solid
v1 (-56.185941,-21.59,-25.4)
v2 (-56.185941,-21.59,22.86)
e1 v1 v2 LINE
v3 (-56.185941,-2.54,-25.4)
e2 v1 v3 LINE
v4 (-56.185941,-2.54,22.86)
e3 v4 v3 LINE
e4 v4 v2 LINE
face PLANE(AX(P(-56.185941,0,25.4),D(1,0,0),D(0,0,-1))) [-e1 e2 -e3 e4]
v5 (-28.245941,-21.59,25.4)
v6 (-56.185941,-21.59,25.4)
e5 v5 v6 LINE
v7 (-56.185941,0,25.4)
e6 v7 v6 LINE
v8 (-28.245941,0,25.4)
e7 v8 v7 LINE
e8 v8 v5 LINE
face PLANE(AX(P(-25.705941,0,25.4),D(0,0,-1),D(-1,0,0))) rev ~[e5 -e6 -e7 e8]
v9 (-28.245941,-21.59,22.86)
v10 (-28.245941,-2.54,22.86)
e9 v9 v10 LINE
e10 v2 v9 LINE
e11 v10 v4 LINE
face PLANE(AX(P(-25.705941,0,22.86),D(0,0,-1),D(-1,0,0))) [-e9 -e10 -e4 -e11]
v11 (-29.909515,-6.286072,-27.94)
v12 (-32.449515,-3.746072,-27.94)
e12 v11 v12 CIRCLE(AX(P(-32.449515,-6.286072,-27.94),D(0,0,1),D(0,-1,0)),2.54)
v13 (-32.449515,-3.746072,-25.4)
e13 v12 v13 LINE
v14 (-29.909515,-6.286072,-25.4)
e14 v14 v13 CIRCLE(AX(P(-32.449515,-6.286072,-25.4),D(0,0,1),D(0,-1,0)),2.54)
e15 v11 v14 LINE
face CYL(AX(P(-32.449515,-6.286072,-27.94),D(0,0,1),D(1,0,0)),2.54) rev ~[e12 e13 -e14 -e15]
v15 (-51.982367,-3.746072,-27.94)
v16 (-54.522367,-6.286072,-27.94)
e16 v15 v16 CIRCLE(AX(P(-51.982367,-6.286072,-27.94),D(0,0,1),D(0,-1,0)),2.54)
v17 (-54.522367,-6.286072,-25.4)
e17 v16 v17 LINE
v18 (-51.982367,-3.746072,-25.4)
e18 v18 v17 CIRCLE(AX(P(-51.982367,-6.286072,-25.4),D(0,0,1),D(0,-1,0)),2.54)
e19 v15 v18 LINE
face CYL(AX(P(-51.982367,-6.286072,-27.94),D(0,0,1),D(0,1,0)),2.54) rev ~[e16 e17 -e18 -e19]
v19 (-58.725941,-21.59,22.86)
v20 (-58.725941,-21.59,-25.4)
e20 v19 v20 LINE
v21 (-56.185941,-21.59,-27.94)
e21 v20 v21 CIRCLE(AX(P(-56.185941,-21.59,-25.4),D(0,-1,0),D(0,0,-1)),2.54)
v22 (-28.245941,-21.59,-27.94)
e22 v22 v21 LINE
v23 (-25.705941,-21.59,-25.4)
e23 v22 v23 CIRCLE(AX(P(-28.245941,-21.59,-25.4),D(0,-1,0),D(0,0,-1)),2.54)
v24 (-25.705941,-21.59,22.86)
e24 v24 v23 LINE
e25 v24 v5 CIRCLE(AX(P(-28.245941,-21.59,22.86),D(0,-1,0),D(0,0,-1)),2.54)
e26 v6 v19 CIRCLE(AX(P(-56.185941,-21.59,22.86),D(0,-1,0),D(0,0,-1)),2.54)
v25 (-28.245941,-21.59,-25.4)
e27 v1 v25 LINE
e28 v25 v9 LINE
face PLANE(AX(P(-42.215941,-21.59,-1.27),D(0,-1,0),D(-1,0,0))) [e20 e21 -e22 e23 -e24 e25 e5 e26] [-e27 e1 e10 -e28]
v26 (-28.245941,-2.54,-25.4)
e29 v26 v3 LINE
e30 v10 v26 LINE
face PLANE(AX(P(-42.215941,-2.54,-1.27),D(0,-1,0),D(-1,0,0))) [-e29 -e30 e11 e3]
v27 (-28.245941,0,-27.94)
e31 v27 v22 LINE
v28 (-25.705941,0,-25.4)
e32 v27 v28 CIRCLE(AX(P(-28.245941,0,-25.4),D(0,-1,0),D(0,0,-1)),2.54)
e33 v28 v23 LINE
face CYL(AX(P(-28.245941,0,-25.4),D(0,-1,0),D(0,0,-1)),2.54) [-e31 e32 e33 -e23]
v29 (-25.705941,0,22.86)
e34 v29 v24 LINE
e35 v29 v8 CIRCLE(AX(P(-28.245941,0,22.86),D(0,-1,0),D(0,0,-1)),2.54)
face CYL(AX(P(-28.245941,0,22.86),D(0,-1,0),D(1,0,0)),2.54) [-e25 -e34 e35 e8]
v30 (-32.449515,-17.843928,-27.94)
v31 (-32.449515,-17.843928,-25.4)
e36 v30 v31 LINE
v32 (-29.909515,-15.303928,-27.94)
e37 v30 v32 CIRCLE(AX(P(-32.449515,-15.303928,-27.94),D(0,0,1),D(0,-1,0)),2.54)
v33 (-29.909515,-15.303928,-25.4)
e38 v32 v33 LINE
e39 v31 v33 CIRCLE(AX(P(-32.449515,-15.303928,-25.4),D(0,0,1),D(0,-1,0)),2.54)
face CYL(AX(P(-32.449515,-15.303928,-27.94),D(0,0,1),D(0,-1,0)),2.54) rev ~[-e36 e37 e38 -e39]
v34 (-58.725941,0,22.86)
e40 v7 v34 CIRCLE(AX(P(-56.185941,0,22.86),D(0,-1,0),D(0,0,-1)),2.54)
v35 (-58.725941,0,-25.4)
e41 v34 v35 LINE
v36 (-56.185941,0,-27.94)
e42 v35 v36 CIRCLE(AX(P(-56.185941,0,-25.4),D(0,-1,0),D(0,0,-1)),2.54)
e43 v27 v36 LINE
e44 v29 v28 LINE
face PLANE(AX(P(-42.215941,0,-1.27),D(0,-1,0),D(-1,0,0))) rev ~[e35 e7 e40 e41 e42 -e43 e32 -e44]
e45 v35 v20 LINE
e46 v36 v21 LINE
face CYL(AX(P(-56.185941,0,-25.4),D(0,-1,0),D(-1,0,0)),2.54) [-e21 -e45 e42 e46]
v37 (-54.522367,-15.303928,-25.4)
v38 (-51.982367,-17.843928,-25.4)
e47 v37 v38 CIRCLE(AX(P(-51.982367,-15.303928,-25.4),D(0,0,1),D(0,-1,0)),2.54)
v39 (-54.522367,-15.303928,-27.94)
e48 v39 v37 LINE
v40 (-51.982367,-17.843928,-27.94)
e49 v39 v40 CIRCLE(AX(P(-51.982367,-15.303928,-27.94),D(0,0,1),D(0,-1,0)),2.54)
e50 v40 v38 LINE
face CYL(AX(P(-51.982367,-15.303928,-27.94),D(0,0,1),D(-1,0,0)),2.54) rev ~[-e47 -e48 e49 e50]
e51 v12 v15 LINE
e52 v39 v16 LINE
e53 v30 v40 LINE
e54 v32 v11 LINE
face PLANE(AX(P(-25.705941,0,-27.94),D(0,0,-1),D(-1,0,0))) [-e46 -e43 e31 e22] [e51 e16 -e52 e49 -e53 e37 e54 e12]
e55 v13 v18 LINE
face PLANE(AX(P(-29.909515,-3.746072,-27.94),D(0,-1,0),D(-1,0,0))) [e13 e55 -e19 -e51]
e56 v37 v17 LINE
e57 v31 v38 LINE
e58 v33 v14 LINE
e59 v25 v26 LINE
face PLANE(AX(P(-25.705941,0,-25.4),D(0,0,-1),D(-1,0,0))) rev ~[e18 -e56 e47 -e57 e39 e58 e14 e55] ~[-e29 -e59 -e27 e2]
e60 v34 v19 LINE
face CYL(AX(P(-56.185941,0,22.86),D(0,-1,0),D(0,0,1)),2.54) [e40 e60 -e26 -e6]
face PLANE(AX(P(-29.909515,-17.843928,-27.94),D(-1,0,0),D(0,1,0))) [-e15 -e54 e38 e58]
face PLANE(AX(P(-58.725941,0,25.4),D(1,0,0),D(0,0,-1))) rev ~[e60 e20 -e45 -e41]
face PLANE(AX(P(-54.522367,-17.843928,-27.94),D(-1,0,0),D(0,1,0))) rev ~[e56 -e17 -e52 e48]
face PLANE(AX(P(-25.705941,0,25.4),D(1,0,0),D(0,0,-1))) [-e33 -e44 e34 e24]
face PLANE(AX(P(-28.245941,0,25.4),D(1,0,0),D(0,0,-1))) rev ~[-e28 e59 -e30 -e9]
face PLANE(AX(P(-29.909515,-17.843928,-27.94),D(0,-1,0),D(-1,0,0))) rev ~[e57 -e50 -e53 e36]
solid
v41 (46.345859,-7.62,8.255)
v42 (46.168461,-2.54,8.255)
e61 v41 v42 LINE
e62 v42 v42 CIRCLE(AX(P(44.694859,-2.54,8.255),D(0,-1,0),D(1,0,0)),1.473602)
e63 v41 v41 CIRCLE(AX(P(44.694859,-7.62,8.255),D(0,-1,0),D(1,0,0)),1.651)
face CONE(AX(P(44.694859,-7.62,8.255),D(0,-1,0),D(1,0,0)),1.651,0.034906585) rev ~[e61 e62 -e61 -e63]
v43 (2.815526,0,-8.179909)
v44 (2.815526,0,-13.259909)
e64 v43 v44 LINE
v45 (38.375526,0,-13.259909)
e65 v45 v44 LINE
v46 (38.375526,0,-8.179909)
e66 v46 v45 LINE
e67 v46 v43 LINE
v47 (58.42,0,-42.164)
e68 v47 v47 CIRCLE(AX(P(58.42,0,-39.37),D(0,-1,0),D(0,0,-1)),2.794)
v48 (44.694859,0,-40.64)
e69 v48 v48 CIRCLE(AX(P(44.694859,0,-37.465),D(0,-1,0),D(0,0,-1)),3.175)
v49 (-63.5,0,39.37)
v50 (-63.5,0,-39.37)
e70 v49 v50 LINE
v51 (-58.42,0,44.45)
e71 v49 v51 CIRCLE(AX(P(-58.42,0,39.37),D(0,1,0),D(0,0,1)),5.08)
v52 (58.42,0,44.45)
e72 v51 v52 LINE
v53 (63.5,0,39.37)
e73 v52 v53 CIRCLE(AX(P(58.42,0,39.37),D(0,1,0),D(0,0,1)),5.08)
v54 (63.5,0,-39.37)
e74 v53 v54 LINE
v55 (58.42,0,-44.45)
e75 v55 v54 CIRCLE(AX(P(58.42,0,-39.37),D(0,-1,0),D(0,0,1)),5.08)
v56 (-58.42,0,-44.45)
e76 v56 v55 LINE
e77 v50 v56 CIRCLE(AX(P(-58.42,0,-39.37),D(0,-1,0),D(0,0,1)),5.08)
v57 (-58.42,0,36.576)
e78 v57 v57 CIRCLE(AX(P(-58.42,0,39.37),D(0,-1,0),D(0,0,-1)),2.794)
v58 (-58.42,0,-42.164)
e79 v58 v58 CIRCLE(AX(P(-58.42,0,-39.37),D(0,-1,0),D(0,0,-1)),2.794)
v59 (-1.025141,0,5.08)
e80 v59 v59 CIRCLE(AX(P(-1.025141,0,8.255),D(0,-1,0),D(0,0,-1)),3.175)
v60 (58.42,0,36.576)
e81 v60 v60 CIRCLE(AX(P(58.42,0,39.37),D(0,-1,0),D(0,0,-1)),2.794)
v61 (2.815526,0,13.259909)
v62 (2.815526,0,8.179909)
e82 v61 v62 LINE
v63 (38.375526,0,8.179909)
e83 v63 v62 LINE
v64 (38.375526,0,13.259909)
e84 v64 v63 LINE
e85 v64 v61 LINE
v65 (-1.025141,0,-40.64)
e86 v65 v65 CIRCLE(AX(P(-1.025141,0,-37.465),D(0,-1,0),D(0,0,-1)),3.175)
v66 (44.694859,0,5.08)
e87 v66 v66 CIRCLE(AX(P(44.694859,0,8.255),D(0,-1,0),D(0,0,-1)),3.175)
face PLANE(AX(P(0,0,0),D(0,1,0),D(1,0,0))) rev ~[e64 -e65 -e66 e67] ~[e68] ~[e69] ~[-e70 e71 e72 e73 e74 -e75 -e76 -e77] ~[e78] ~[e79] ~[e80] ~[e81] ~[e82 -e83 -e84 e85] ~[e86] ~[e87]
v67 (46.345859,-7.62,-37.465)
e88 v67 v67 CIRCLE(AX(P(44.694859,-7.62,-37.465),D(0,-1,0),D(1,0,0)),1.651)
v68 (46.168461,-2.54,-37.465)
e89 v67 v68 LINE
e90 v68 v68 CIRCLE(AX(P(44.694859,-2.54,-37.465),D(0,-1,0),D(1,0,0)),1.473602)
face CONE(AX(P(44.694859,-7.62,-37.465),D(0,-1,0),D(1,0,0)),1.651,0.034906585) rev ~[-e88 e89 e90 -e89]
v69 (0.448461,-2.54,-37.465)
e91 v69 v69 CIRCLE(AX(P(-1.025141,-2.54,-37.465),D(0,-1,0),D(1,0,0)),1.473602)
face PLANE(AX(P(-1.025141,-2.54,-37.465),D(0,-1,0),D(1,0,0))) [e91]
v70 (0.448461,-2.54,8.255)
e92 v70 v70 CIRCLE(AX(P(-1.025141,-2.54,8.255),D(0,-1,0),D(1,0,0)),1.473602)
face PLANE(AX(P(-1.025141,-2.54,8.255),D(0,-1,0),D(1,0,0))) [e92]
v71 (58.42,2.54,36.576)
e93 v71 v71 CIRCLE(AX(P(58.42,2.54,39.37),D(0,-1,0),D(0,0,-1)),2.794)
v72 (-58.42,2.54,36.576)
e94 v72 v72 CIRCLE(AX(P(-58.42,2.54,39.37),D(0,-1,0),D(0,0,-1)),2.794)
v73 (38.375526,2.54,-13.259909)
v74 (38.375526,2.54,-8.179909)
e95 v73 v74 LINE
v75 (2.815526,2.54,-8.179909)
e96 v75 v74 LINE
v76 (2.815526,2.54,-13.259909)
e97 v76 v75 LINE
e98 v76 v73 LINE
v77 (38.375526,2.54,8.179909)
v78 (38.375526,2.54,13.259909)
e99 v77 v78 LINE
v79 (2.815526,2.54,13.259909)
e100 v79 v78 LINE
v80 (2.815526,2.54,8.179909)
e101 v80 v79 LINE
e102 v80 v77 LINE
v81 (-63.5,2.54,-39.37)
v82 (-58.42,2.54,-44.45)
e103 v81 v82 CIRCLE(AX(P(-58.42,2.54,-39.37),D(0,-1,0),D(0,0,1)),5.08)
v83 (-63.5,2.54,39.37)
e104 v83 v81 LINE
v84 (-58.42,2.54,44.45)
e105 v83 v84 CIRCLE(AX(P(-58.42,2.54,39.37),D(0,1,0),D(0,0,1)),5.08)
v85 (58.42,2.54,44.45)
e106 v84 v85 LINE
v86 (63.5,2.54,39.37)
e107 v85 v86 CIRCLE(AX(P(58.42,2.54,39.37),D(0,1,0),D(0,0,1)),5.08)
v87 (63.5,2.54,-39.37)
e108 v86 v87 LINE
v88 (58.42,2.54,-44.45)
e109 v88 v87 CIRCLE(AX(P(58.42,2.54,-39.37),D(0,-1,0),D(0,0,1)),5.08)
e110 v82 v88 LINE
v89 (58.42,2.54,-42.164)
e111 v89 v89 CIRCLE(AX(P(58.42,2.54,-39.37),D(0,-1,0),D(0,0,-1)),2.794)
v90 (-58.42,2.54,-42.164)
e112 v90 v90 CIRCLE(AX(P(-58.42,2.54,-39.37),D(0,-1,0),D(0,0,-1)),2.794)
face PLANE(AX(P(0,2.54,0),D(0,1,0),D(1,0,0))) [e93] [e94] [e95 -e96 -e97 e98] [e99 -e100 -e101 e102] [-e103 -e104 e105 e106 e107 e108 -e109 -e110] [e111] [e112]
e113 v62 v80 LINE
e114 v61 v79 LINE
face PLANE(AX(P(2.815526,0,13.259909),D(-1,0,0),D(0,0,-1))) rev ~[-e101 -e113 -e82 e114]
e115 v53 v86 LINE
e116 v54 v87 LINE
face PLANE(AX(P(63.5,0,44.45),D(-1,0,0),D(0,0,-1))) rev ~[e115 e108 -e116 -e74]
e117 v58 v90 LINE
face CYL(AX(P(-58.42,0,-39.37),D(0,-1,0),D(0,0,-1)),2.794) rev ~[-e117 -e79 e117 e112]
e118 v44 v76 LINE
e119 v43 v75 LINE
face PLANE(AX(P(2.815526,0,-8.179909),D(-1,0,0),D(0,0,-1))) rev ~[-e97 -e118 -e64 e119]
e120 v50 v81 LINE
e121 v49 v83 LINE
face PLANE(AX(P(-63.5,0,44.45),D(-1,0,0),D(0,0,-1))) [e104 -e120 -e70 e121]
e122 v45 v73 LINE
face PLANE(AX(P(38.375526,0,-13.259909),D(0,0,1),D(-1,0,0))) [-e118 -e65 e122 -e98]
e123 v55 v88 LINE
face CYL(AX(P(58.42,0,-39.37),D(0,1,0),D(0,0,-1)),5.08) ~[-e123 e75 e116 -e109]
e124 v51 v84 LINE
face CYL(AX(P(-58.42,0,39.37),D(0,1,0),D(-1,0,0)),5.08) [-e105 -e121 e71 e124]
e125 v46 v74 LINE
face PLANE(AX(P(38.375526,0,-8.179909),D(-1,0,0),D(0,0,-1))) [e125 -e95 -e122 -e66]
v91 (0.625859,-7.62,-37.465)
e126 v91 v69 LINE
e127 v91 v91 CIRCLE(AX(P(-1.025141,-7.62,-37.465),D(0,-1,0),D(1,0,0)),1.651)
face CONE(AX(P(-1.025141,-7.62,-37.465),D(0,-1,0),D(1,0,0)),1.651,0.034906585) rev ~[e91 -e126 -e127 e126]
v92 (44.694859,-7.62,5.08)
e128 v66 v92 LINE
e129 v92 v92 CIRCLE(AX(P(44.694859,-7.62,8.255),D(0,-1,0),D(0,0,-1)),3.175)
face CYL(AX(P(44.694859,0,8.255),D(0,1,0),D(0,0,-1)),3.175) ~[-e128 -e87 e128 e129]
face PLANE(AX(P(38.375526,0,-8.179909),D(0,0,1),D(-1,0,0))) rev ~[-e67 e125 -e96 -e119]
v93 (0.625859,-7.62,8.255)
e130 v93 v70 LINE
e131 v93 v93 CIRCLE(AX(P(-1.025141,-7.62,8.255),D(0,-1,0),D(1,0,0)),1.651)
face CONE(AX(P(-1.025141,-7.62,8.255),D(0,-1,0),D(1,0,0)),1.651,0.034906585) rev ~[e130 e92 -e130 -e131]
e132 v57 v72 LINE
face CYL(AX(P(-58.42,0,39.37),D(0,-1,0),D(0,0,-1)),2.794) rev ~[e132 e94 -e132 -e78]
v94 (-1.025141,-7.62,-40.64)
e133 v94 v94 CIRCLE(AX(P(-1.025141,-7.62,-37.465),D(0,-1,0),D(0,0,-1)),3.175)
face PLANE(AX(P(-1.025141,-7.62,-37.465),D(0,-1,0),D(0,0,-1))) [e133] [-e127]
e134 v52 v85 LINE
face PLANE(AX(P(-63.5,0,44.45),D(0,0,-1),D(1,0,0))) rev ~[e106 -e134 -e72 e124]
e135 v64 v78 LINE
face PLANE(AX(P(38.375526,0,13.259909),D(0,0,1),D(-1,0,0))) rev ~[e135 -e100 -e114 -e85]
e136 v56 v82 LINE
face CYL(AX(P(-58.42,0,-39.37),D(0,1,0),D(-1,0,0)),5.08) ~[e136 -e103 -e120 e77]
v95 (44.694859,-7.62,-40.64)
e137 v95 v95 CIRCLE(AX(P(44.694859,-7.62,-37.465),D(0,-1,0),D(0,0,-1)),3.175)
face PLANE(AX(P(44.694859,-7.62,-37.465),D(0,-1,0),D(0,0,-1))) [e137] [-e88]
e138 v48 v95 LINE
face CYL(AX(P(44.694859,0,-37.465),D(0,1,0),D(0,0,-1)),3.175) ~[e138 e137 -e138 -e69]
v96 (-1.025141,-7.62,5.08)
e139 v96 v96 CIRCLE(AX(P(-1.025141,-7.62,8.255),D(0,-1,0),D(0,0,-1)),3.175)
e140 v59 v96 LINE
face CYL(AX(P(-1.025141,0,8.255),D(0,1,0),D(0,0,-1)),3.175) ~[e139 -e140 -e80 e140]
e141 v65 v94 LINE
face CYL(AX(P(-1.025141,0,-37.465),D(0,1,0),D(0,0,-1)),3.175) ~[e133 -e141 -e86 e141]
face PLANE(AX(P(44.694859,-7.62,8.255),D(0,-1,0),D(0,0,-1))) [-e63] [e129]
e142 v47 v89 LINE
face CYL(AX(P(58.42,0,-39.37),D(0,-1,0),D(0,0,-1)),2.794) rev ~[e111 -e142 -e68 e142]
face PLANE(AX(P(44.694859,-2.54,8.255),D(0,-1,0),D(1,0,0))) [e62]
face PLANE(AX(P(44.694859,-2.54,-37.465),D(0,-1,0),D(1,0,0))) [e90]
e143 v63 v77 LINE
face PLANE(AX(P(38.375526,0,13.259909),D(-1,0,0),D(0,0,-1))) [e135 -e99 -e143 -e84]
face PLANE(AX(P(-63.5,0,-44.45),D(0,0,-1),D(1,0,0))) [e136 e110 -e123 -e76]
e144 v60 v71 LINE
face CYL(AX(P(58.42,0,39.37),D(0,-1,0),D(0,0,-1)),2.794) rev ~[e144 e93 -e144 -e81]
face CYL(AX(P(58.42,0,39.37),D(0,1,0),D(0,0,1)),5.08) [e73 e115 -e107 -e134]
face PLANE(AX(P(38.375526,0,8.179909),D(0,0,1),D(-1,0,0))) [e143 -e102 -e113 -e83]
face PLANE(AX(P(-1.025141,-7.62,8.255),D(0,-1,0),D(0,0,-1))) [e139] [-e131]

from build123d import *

# Parameters (mm, degrees)
SKETCH1_W                    = 127
SKETCH1_H                    = 88.9
BOSS_EXTRUDE2_DEPTH          = 2.54
SKETCH2_R                    = 2.794
CUT_EXTRUDE1_DEPTH           = 5.08
SKETCH9_W                    = 35.56
SKETCH9_H                    = 5.08
CUT_EXTRUDE5_DEPTH           = 6.35
SKETCH8_W                    = 33.02
SKETCH8_H                    = 53.34
BOSS_EXTRUDE4_DEPTH          = 21.59
SHELL4_T                     = -2.54
SKETCH13_W                   = 24.612851837
SKETCH13_H                   = 14.097856124
CUT_EXTRUDE6_DEPTH           = 5.08
FILLET5_R                    = 2.54
FILLET6_R                    = 2.54
FILLET7_R                    = 2.54
FILLET8_R                    = 2.54
FILLET1_R                    = 5.08
FILLET2_R                    = 5.08
FILLET3_R                    = 5.08
FILLET4_R                    = 5.08
FILLET9_R                    = 2.54
FILLET10_R                   = 2.54
FILLET11_R                   = 2.54
FILLET12_R                   = 2.54
SKETCH17_R                   = 3.175
BOSS_EXTRUDE5_DEPTH          = 7.62
SKETCH18_R                   = 1.651
CUT_EXTRUDE7_DEPTH           = 5.08
CUT_EXTRUDE7_DRAFT           = -2
CUT_EXTRUDE7_PROFILE_2_DEPTH = 5.08
CUT_EXTRUDE7_PROFILE_2_DRAFT = -2
CUT_EXTRUDE7_PROFILE_3_DEPTH = 5.08
CUT_EXTRUDE7_PROFILE_3_DRAFT = -2
CUT_EXTRUDE7_PROFILE_4_DEPTH = 5.08
CUT_EXTRUDE7_PROFILE_4_DRAFT = -2


with BuildPart() as part:
    # Sketch1 → Boss-Extrude2 (new body)
    with BuildSketch(Plane(origin=(0, 0, 0), x_dir=(1, 0, 0), z_dir=(0, 1, 0))):
        Rectangle(SKETCH1_W, SKETCH1_H)
    extrude(amount=BOSS_EXTRUDE2_DEPTH)

    # Sketch2 → Cut-Extrude1 (cut)
    with BuildSketch(Plane(origin=(0, 0, 0), x_dir=(-1, 0, 0), z_dir=(0, -1, 0))):
        with Locations(Location((58.42, 39.37, 0), (0, 0, 90))):
            Circle(SKETCH2_R)
        with Locations(Location((58.42, -39.37, 0), (0, 0, 90))):
            Circle(SKETCH2_R)
        with Locations(Location((-58.42, -39.37, 0), (0, 0, 90))):
            Circle(SKETCH2_R)
        with Locations(Location((-58.42, 39.37, 0), (0, 0, 90))):
            Circle(SKETCH2_R)
    extrude(amount=-CUT_EXTRUDE1_DEPTH, mode=Mode.SUBTRACT)

    # Sketch9 → Cut-Extrude5 (cut)
    with BuildSketch(Plane(origin=(0, 0, 0), x_dir=(-1, 0, 0), z_dir=(0, -1, 0))):
        with Locations((-20.595526461, -10.719909337)):
            Rectangle(SKETCH9_W, SKETCH9_H)
        with Locations((-20.595526461, 10.719909337)):
            Rectangle(SKETCH9_W, SKETCH9_H)
    extrude(amount=-CUT_EXTRUDE5_DEPTH, mode=Mode.SUBTRACT)

    # Fillet1
    fillet1_edges = [part.edges().sort_by_distance(p)[0] for p in [
        (63.5, 1.27, 44.45),
    ]]
    fillet(fillet1_edges, radius=FILLET1_R)

    # Fillet2
    fillet2_edges = [part.edges().sort_by_distance(p)[0] for p in [
        (-63.5, 1.27, -44.45),
    ]]
    fillet(fillet2_edges, radius=FILLET2_R)

    # Fillet3
    fillet3_edges = [part.edges().sort_by_distance(p)[0] for p in [
        (-63.5, 1.27, 44.45),
    ]]
    fillet(fillet3_edges, radius=FILLET3_R)

    # Fillet4
    fillet4_edges = [part.edges().sort_by_distance(p)[0] for p in [
        (63.5, 1.27, -44.45),
    ]]
    fillet(fillet4_edges, radius=FILLET4_R)

    # Sketch17 → Boss-Extrude5 (add)
    with BuildSketch(Plane(origin=(0, 0, 0), x_dir=(-1, 0, 0), z_dir=(0, -1, 0))):
        with Locations(Location((1.025141255, -8.255, 0), (0, 0, 90))):
            Circle(SKETCH17_R)
        with Locations(Location((1.025141255, 37.465, 0), (0, 0, 90))):
            Circle(SKETCH17_R)
        with Locations(Location((-44.694858745, 37.465, 0), (0, 0, 90))):
            Circle(SKETCH17_R)
        with Locations(Location((-44.694858745, -8.255, 0), (0, 0, 90))):
            Circle(SKETCH17_R)
    extrude(amount=BOSS_EXTRUDE5_DEPTH)


with BuildPart() as body_2:
    # Sketch8 → Boss-Extrude4 (new body)
    with BuildSketch(Plane(origin=(0, 0, 0), x_dir=(-1, 0, 0), z_dir=(0, -1, 0))):
        with Locations((42.215940653, 1.27)):
            Rectangle(SKETCH8_W, SKETCH8_H)
    extrude(amount=BOSS_EXTRUDE4_DEPTH)

    # Shell4
    shell4_openings = [body_2.faces().sort_by_distance(p)[0] for p in [
        (-42.215940653, -21.59, -1.27),
    ]]
    offset(amount=SHELL4_T, openings=shell4_openings, kind=Kind.INTERSECTION)

    # Sketch13 → Cut-Extrude6 (cut)
    with BuildSketch(Plane(origin=(0, 0, -27.94), x_dir=(-1, 0, 0), z_dir=(0, 0, -1))):
        with Locations((42.215940653, -10.795)):
            Rectangle(SKETCH13_W, SKETCH13_H)
    extrude(amount=-CUT_EXTRUDE6_DEPTH, mode=Mode.SUBTRACT)

    # Fillet5
    fillet5_edges = [body_2.edges().sort_by_distance(p)[0] for p in [
        (-29.909514734, -17.843928062, -26.67),
    ]]
    fillet(fillet5_edges, radius=FILLET5_R)

    # Fillet6
    fillet6_edges = [body_2.edges().sort_by_distance(p)[0] for p in [
        (-29.909514734, -3.746071938, -26.67),
    ]]
    fillet(fillet6_edges, radius=FILLET6_R)

    # Fillet7
    fillet7_edges = [body_2.edges().sort_by_distance(p)[0] for p in [
        (-54.522366571, -3.746071938, -26.67),
    ]]
    fillet(fillet7_edges, radius=FILLET7_R)

    # Fillet8
    fillet8_edges = [body_2.edges().sort_by_distance(p)[0] for p in [
        (-54.522366571, -17.843928062, -26.67),
    ]]
    fillet(fillet8_edges, radius=FILLET8_R)

    # Fillet9
    fillet9_edges = [body_2.edges().sort_by_distance(p)[0] for p in [
        (-25.705940653, -10.795, -27.94),
    ]]
    fillet(fillet9_edges, radius=FILLET9_R)

    # Fillet10
    fillet10_edges = [body_2.edges().sort_by_distance(p)[0] for p in [
        (-25.705940653, -10.795, 25.4),
    ]]
    fillet(fillet10_edges, radius=FILLET10_R)

    # Fillet11
    fillet11_edges = [body_2.edges().sort_by_distance(p)[0] for p in [
        (-58.725940653, -10.795, 25.4),
    ]]
    fillet(fillet11_edges, radius=FILLET11_R)

    # Fillet12
    fillet12_edges = [body_2.edges().sort_by_distance(p)[0] for p in [
        (-58.725940653, -10.795, -27.94),
    ]]
    fillet(fillet12_edges, radius=FILLET12_R)


with BuildPart() as cut_extrude7_tool:
    # Sketch18 → Cut-Extrude7 (with draft: the straight prism first)
    with BuildSketch(Plane.XZ.offset(7.62)):
        with Locations((44.694858745, 8.255)):
            Circle(SKETCH18_R)
    extrude(amount=-CUT_EXTRUDE7_DEPTH)
    # Cut-Extrude7: the draft: its side faces are tilted about the plane it starts from
    cut_extrude7_sides = [cut_extrude7_tool.faces().sort_by_distance(p)[0] for p in [
        (43.043858745, -5.08, 8.255),
    ]]
    draft(cut_extrude7_sides, Plane.XZ.offset(7.62), CUT_EXTRUDE7_DRAFT)


with BuildPart() as part_1:
    add(part.part)

    # Cut-Extrude7: cut by cut_extrude7_tool
    add(cut_extrude7_tool.part, mode=Mode.SUBTRACT)


with BuildPart() as cut_extrude7_profile_2_tool:
    # Sketch18 → Cut-Extrude7 profile 2 (with draft: the straight prism first)
    with BuildSketch(Plane.XZ.offset(7.62)):
        with Locations((44.694858745, -37.465)):
            Circle(SKETCH18_R)
    extrude(amount=-CUT_EXTRUDE7_PROFILE_2_DEPTH)
    # Cut-Extrude7 profile 2: the draft: its side faces are tilted about the plane it starts from
    cut_extrude7_profile_2_sides = [cut_extrude7_profile_2_tool.faces().sort_by_distance(p)[0] for p in [
        (43.043858745, -5.08, -37.465),
    ]]
    draft(cut_extrude7_profile_2_sides, Plane.XZ.offset(7.62), CUT_EXTRUDE7_PROFILE_2_DRAFT)


with BuildPart() as part_2:
    add(part_1.part)

    # Cut-Extrude7 profile 2: cut by cut_extrude7_profile_2_tool
    add(cut_extrude7_profile_2_tool.part, mode=Mode.SUBTRACT)


with BuildPart() as cut_extrude7_profile_3_tool:
    # Sketch18 → Cut-Extrude7 profile 3 (with draft: the straight prism first)
    with BuildSketch(Plane.XZ.offset(7.62)):
        with Locations((-1.025141255, -37.465)):
            Circle(SKETCH18_R)
    extrude(amount=-CUT_EXTRUDE7_PROFILE_3_DEPTH)
    # Cut-Extrude7 profile 3: the draft: its side faces are tilted about the plane it starts from
    cut_extrude7_profile_3_sides = [cut_extrude7_profile_3_tool.faces().sort_by_distance(p)[0] for p in [
        (-2.676141255, -5.08, -37.465),
    ]]
    draft(cut_extrude7_profile_3_sides, Plane.XZ.offset(7.62), CUT_EXTRUDE7_PROFILE_3_DRAFT)


with BuildPart() as part_3:
    add(part_2.part)

    # Cut-Extrude7 profile 3: cut by cut_extrude7_profile_3_tool
    add(cut_extrude7_profile_3_tool.part, mode=Mode.SUBTRACT)


with BuildPart() as cut_extrude7_profile_4_tool:
    # Sketch18 → Cut-Extrude7 profile 4 (with draft: the straight prism first)
    with BuildSketch(Plane.XZ.offset(7.62)):
        with Locations((-1.025141255, 8.255)):
            Circle(SKETCH18_R)
    extrude(amount=-CUT_EXTRUDE7_PROFILE_4_DEPTH)
    # Cut-Extrude7 profile 4: the draft: its side faces are tilted about the plane it starts from
    cut_extrude7_profile_4_sides = [cut_extrude7_profile_4_tool.faces().sort_by_distance(p)[0] for p in [
        (-2.676141255, -5.08, 8.255),
    ]]
    draft(cut_extrude7_profile_4_sides, Plane.XZ.offset(7.62), CUT_EXTRUDE7_PROFILE_4_DRAFT)


with BuildPart() as part_4:
    add(part_3.part)

    # Cut-Extrude7 profile 4: cut by cut_extrude7_profile_4_tool
    add(cut_extrude7_profile_4_tool.part, mode=Mode.SUBTRACT)


solid = Compound([body_2.part, part_4.part])
